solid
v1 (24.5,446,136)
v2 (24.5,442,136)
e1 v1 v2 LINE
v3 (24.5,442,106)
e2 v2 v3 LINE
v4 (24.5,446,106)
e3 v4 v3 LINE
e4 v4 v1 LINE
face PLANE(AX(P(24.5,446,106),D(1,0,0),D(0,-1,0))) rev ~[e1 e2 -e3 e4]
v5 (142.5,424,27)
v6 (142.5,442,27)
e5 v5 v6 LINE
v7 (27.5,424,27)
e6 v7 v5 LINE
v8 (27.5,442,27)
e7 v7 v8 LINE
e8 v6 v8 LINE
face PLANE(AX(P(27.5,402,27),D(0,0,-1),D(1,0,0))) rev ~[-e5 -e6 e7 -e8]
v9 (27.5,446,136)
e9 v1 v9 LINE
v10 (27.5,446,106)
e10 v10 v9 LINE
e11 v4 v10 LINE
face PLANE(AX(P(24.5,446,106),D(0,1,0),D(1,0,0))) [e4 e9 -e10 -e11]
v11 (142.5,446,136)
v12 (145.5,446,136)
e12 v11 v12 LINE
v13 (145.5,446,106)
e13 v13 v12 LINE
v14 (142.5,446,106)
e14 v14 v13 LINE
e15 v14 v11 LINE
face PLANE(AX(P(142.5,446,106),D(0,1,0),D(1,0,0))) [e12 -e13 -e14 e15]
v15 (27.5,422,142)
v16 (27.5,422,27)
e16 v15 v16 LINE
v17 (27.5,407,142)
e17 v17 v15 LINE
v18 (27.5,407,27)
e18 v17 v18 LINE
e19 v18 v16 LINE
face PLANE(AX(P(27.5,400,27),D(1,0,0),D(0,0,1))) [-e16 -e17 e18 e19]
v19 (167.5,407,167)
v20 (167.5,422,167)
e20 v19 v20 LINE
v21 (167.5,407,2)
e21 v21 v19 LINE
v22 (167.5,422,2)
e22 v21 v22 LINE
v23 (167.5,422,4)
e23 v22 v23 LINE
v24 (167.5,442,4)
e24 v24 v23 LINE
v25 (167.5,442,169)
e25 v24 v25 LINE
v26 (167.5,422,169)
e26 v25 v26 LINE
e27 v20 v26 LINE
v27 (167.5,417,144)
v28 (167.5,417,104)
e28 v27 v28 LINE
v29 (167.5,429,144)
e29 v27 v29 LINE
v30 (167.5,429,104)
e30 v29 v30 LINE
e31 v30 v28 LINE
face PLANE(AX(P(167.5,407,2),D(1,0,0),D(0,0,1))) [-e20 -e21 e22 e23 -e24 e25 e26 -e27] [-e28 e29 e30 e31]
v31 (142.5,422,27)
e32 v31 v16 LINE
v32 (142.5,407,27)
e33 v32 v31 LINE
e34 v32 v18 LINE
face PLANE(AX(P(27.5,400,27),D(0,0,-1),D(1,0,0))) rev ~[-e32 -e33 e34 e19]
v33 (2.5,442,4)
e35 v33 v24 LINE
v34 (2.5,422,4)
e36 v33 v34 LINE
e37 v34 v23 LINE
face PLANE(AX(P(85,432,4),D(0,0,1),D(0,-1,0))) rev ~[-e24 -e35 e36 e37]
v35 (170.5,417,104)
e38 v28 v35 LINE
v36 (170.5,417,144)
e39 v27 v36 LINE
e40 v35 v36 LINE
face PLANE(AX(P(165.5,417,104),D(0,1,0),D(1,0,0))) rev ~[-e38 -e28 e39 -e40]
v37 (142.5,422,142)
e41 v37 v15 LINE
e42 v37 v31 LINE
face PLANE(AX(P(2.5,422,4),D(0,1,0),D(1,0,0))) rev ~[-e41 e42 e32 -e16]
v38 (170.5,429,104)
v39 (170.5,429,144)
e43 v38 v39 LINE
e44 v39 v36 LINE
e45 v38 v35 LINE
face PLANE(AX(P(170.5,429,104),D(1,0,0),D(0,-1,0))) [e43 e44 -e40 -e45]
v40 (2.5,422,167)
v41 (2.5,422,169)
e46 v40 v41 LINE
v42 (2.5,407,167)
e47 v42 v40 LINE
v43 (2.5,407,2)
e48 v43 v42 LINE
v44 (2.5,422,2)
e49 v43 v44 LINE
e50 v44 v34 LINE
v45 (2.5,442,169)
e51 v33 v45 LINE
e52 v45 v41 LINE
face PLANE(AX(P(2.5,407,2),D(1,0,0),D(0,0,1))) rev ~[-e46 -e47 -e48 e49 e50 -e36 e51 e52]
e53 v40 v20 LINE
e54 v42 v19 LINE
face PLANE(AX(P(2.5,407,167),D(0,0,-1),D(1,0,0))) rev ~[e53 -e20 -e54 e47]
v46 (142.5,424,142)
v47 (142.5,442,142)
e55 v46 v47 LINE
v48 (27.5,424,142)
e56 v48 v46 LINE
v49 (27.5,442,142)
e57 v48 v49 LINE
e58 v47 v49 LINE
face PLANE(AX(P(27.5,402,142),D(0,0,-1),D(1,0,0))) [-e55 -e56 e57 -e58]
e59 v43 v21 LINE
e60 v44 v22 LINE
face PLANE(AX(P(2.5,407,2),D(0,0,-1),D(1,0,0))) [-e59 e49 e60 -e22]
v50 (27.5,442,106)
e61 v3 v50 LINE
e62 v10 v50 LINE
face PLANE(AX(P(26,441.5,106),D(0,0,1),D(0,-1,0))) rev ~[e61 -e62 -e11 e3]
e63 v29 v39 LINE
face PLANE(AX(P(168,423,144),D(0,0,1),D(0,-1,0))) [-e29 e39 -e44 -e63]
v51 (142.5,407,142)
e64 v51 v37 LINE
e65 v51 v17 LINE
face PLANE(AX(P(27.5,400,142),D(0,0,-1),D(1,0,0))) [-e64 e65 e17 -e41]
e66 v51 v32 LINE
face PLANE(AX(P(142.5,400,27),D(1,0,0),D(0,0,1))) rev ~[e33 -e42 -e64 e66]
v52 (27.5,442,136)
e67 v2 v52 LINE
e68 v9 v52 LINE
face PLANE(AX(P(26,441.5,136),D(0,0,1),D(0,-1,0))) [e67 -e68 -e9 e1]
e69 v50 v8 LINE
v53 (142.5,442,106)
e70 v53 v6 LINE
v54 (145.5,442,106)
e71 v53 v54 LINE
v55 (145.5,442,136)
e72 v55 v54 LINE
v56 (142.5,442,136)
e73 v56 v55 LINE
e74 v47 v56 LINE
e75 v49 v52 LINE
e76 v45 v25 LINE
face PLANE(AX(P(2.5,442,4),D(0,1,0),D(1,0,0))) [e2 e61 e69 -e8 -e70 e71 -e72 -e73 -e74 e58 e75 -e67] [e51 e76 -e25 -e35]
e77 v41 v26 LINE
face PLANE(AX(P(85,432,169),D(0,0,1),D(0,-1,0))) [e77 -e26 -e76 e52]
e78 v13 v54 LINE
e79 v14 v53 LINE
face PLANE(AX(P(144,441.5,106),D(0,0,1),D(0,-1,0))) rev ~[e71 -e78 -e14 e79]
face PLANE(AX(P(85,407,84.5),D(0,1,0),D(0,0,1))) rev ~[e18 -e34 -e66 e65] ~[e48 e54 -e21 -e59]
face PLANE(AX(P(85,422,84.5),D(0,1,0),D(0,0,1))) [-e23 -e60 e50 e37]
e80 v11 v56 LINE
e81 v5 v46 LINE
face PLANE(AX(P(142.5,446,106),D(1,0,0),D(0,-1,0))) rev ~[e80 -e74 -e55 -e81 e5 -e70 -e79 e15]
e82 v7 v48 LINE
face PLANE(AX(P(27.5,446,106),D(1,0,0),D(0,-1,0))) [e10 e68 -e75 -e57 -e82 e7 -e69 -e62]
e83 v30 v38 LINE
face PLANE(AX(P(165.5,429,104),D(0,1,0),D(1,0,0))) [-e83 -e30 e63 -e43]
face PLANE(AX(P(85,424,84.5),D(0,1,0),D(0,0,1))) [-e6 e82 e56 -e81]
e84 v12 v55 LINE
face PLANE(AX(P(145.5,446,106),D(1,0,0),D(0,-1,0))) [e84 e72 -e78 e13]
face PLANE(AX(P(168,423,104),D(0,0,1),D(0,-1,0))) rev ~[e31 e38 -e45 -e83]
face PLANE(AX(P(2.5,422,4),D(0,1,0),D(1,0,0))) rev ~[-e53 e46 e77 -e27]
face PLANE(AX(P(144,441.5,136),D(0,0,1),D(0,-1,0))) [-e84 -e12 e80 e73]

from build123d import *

# Parameters (mm, degrees)
BOX024_W                  = 115
BOX024_H                  = 115
BOX024_DEPTH              = 2
BOX023_W                  = 115
BOX023_H                  = 115
BOX023_DEPTH              = 60
BOX022_W                  = 20
BOX022_H                  = 165
BOX022_DEPTH              = 165
BOX025_W                  = 9
BOX025_H                  = 3
BOX025_DEPTH              = 30
BOX026_W                  = 9
BOX026_H                  = 3
BOX026_DEPTH              = 30
BOX021_W                  = 115
BOX021_H                  = 115
BOX021_DEPTH              = 60
BOX020_W                  = 165
BOX020_H                  = 165
BOX020_DEPTH              = 15
CUT006_PLACEMENT_ANGLE    = 90
BOX027_W                  = 12
BOX027_H                  = 5
BOX027_DEPTH              = 40
FUSION003_PLACEMENT_ANGLE = 90


with BuildPart() as cube019:
    # Box024 → Box024 (new body)
    with BuildSketch(Plane(origin=(129, -57, 61), x_dir=(0, 0, 1), z_dir=(-1, 0, 0))):
        with Locations((57.5, 57.5)):
            Rectangle(BOX024_W, BOX024_H)
    extrude(amount=BOX024_DEPTH)


with BuildPart() as cube018:
    # Box023 → Box023 (new body)
    with BuildSketch(Plane(origin=(149, -57, 61), x_dir=(0, 0, 1), z_dir=(-1, 0, 0))):
        with Locations((57.5, 57.5)):
            Rectangle(BOX023_W, BOX023_H)
    extrude(amount=BOX023_DEPTH)


with BuildPart() as cut007:
    # Box022 → Box022 (new body)
    with BuildSketch(Plane(origin=(109, -82, 38), x_dir=(1, 0, 0), z_dir=(0, 0, 1))):
        with Locations((10, 82.5)):
            Rectangle(BOX022_W, BOX022_H)
    extrude(amount=BOX022_DEPTH)

    # Cut007: cut Cube018
    add(cube018.part, mode=Mode.SUBTRACT)


with BuildPart() as cube020:
    # Box025 → Box025 (new body)
    with BuildSketch(Plane(origin=(105, -60, 140), x_dir=(1, 0, 0), z_dir=(0, 0, 1))):
        with Locations((4.5, 1.5)):
            Rectangle(BOX025_W, BOX025_H)
    extrude(amount=BOX025_DEPTH)


with BuildPart() as cube021:
    # Box026 → Box026 (new body)
    with BuildSketch(Plane(origin=(105, 58, 140), x_dir=(1, 0, 0), z_dir=(0, 0, 1))):
        with Locations((4.5, 1.5)):
            Rectangle(BOX026_W, BOX026_H)
    extrude(amount=BOX026_DEPTH)


with BuildPart() as cube016:
    # Box021 → Box021 (new body)
    with BuildSketch(Plane(origin=(25, 25, -7), x_dir=(1, 0, 0), z_dir=(0, 0, 1))):
        with Locations((57.5, 57.5)):
            Rectangle(BOX021_W, BOX021_H)
    extrude(amount=BOX021_DEPTH)


with BuildPart() as bellows001:
    # Box020 → Box020 (new body)
    with BuildSketch(Plane.XY):
        with Locations((82.5, 82.5)):
            Rectangle(BOX020_W, BOX020_H)
    extrude(amount=BOX020_DEPTH)

    # Cut006: cut Cube016
    add(cube016.part, mode=Mode.SUBTRACT)


with BuildPart() as bellows001_1:
    # Cut006 placement: moved
    add(bellows001.part.moved(Location((144, -82, 36))).rotate(Axis((144, -82, 36), (0, -1, 0)), CUT006_PLACEMENT_ANGLE))


with BuildPart() as ground_glass:
    # Box027 → Box027 (new body)
    with BuildSketch(Plane(origin=(122, 81, 138), x_dir=(1, 0, 0), z_dir=(0, 0, 1))):
        with Locations((6, 2.5)):
            Rectangle(BOX027_W, BOX027_H)
    extrude(amount=BOX027_DEPTH)

    # Fusion003: union Cube019, Cut007, Cube020, Cube021, bellows001
    add(cube019.part)
    add(cut007.part)
    add(cube020.part)
    add(cube021.part)
    add(bellows001_1.part)


with BuildPart() as ground_glass_1:
    # Fusion003 placement: moved
    add(ground_glass.part.moved(Location((84.5, 551, -34))).rotate(Axis((84.5, 551, -34), (0, 0, -1)), FUSION003_PLACEMENT_ANGLE))


solid = ground_glass_1.part
